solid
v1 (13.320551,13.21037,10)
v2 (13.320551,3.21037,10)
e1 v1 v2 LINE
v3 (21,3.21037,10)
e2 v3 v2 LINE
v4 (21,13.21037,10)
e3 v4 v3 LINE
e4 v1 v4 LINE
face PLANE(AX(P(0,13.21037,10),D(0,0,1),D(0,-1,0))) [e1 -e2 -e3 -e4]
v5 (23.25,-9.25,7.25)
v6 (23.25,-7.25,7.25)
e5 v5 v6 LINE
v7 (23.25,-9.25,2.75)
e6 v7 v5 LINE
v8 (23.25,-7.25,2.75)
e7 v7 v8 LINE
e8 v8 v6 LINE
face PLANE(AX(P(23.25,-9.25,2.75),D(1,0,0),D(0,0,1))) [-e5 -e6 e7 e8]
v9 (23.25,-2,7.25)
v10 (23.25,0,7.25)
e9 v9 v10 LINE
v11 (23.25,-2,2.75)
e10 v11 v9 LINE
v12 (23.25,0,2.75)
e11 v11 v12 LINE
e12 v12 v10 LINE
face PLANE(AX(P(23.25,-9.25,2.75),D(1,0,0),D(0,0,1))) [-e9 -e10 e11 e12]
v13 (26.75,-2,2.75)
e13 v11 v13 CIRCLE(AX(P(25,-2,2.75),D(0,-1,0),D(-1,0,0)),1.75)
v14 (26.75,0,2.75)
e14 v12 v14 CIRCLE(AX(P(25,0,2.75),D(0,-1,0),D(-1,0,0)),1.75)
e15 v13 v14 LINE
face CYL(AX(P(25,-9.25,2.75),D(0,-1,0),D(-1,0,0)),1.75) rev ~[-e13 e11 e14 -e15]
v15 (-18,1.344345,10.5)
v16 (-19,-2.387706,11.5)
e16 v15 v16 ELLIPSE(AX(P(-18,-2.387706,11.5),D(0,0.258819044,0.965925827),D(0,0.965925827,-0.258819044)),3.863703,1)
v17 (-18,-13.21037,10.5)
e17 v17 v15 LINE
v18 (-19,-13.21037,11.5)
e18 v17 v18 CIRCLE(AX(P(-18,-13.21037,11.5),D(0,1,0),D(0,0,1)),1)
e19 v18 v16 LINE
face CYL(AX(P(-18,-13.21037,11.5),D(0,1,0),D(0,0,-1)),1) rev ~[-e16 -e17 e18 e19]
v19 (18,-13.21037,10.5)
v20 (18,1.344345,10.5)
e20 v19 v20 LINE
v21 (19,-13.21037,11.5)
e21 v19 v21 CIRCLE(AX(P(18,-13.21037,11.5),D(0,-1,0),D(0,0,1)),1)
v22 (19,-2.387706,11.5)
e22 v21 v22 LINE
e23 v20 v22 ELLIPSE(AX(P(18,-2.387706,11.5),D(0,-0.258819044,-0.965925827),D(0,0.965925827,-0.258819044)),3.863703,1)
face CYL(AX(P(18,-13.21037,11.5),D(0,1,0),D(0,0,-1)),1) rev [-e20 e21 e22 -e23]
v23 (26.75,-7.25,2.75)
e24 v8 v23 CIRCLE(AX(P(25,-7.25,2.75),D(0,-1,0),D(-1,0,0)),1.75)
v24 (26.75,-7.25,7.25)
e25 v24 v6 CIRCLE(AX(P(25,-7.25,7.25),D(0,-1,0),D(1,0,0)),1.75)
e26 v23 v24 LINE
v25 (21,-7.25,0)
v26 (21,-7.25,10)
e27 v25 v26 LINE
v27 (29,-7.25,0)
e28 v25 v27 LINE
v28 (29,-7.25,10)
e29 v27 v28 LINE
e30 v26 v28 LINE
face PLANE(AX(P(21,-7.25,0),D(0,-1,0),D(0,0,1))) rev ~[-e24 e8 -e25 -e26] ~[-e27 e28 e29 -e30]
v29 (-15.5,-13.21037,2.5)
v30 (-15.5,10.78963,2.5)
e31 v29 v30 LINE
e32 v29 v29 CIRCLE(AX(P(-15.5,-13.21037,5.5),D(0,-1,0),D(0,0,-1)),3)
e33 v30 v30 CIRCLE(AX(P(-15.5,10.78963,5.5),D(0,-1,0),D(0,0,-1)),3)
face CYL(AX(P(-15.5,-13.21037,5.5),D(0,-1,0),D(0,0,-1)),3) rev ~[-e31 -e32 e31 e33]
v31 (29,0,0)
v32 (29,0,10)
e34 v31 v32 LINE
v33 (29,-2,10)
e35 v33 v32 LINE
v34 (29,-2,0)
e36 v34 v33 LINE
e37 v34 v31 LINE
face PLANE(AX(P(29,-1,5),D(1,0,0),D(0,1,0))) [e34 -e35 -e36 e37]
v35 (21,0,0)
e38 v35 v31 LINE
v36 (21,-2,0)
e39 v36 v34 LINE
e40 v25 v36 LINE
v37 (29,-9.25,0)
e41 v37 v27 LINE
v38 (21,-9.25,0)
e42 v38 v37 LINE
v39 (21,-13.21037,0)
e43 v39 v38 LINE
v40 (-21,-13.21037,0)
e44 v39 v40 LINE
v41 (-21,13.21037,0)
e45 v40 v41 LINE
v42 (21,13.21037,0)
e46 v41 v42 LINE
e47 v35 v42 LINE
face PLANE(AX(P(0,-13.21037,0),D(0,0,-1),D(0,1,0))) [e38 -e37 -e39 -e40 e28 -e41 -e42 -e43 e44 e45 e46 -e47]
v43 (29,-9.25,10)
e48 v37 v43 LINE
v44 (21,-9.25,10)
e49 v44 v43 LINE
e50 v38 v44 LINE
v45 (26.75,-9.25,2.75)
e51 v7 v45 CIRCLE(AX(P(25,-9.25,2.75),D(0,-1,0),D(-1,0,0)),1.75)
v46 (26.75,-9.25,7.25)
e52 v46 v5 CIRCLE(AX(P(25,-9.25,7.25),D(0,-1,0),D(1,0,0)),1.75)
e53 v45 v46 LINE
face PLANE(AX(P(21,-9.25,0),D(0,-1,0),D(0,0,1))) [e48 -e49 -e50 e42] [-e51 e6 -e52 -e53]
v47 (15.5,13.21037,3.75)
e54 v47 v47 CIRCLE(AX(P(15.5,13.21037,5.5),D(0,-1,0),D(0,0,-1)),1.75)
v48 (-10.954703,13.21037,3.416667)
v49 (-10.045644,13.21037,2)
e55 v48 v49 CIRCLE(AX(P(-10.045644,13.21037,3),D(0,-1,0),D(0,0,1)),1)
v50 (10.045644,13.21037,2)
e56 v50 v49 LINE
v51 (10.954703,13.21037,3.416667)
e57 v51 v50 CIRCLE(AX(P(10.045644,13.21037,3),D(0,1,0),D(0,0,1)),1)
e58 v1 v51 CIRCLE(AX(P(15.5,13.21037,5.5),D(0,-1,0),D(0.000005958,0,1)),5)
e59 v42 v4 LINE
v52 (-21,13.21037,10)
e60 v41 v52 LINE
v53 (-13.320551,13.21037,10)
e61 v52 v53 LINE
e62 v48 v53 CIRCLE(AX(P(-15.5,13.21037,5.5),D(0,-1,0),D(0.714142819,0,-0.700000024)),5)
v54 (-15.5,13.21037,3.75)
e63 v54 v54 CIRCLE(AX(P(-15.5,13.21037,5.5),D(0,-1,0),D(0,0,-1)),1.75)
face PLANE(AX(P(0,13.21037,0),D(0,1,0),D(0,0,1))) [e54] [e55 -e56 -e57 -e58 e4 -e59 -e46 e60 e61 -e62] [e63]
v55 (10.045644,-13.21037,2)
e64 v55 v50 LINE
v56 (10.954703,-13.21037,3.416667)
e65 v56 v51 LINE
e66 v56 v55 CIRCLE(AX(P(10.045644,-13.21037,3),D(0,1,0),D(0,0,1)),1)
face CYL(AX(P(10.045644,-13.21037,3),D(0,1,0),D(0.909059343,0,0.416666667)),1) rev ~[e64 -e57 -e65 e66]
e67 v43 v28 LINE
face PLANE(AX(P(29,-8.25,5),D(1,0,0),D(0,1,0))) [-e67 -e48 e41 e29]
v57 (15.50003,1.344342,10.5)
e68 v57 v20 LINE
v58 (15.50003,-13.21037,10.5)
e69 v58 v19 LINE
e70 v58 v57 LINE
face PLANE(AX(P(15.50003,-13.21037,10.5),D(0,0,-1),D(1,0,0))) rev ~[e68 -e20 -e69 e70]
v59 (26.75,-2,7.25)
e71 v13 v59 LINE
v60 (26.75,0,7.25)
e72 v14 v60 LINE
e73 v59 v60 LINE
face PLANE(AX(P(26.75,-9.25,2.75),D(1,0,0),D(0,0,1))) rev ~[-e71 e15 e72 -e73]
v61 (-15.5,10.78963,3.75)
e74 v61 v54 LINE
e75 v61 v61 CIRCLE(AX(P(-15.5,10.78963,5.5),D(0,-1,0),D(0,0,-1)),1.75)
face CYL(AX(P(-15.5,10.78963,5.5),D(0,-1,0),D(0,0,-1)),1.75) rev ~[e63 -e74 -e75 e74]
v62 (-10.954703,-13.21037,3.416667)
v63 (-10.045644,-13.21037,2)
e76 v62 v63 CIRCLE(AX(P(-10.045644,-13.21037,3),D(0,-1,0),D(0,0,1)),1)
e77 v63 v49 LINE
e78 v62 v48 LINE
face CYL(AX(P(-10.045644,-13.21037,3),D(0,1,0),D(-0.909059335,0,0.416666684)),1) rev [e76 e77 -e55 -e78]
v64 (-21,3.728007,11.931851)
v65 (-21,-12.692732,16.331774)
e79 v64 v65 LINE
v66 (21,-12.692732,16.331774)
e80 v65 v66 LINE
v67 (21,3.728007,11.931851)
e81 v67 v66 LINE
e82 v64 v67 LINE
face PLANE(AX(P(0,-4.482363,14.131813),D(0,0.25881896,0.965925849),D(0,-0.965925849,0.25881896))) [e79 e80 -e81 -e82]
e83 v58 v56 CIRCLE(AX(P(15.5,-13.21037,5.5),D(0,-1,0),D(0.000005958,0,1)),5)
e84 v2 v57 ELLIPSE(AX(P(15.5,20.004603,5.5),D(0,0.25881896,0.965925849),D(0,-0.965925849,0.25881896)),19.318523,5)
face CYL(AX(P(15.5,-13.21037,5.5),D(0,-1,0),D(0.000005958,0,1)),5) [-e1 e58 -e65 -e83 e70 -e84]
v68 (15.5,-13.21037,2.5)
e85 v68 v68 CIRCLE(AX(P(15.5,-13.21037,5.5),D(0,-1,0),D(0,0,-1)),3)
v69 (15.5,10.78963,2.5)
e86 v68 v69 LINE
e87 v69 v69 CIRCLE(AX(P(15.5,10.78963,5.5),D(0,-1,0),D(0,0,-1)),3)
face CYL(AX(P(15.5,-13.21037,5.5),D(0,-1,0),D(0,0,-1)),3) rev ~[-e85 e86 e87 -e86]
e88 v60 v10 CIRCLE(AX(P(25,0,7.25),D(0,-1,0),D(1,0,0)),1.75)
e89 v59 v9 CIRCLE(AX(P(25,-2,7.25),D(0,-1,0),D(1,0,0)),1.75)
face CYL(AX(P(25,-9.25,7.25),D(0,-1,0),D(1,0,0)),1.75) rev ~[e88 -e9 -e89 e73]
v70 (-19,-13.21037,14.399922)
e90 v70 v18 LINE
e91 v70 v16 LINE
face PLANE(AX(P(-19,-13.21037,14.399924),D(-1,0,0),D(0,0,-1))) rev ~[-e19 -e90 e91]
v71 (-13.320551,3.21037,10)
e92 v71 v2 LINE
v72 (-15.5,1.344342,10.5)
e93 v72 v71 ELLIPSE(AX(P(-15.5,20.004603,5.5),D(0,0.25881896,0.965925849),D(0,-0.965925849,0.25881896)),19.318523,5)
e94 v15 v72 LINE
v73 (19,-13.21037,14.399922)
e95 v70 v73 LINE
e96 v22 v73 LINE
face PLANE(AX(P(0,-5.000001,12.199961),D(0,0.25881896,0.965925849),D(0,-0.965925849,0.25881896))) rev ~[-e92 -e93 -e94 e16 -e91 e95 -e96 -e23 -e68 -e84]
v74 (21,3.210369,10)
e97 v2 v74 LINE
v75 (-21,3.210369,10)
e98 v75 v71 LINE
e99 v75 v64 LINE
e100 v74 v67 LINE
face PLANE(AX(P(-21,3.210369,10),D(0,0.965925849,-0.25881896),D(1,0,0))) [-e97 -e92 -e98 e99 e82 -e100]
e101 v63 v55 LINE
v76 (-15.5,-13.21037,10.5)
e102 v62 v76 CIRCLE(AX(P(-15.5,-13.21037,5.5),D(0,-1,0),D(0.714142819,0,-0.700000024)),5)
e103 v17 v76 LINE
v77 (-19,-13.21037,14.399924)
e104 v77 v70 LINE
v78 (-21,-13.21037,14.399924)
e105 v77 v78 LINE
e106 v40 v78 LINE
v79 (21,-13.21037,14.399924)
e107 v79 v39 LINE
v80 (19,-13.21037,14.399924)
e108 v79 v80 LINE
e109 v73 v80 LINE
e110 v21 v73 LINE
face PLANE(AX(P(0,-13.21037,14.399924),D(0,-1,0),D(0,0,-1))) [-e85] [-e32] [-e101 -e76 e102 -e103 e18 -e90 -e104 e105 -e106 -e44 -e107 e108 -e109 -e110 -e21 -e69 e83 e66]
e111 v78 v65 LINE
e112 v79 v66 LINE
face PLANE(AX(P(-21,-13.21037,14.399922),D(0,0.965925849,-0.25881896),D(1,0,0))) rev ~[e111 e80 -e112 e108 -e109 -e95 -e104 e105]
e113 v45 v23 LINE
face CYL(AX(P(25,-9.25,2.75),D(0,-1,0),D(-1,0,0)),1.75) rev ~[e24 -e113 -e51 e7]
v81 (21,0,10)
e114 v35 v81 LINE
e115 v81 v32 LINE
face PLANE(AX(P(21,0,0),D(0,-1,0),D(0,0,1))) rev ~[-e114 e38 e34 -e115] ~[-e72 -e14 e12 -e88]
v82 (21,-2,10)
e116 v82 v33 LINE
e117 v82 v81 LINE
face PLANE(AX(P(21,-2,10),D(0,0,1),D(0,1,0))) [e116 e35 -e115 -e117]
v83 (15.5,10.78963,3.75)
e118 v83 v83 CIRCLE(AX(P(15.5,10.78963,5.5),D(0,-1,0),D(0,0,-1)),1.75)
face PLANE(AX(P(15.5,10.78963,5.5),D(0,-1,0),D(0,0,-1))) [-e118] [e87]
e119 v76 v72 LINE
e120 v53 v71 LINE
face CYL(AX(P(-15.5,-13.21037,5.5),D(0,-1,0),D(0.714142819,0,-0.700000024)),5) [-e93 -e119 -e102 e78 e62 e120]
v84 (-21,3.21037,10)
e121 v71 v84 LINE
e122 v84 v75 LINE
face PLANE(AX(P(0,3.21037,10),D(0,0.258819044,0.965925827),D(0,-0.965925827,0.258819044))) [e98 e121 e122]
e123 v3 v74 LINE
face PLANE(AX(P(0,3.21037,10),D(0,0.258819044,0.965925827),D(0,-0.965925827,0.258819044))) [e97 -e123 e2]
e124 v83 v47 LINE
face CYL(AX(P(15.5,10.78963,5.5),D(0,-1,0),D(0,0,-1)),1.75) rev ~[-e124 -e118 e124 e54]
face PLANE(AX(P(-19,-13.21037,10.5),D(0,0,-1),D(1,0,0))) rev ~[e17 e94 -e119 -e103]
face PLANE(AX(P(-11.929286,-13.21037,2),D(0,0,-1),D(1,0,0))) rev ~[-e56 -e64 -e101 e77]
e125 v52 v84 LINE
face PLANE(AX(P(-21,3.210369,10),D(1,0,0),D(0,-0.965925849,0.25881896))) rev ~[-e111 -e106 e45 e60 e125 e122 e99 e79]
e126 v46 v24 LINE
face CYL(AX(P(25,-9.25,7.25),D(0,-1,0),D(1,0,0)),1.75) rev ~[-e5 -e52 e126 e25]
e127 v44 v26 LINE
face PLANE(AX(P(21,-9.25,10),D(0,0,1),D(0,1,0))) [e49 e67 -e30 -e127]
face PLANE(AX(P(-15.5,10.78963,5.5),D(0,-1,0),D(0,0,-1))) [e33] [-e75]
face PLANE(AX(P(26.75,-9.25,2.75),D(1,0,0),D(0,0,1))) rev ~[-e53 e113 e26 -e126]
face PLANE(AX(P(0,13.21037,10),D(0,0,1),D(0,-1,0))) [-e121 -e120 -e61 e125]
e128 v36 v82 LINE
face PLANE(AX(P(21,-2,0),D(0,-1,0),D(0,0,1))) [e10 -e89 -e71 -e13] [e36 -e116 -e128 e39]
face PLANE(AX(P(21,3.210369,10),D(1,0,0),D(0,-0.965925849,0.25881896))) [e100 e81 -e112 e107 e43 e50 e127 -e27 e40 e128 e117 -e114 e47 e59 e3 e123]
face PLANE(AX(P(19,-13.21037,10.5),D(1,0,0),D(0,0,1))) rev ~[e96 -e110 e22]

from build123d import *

# Parameters (mm, degrees)
PAD002_DEPTH    = 21
SKETCH005_R     = 3
POCKET002_DEPTH = 24
POCKET003_DEPTH = 26.421739
SKETCH007_R     = 1.75
POCKET004_DEPTH = 2.421739
FILLET001_R     = 1
FILLET002_R     = 1
SKETCH008_W     = 17
SKETCH008_H     = 42
PAD003_DEPTH    = 2
SKETCH013_W     = 2
SKETCH013_H     = 10
PAD006_DEPTH    = 8
POCKET007_DEPTH = 22.46137


with BuildPart() as part:
    # Sketch004 → Pad002 (new body, symmetric)
    with BuildSketch(Plane.YZ):
        Polygon((-13.21037, 0), (13.21037, 0), (13.21037, 10), (3.21037, 10), (-13.21037, 14.399924), align=None)
    extrude(amount=PAD002_DEPTH, both=True)

    # Sketch005 (on Face5 of Pad002) → Pocket002 (cut)
    with BuildSketch(Plane(origin=(0, -13.21037, 0), x_dir=(0, 0, -1), z_dir=(0, -1, 0))):
        with Locations((-5.5, -15.5)):
            Circle(SKETCH005_R)
        with Locations((-5.5, 15.5)):
            Circle(SKETCH005_R)
    extrude(amount=-POCKET002_DEPTH, mode=Mode.SUBTRACT)

    # Sketch006 (on Face2 of Pocket002) → Pocket003 (cut, through all)
    with BuildSketch(Plane(origin=(0, -13.21037, 0), x_dir=(0, 0, -1), z_dir=(0, -1, 0))):
        with BuildLine():
            Line((-2, -11.929286), (-2, 11.929286))
            ThreePointArc((-10.5, 15.50003), (-7.436506, 10.890234), (-2, 11.929286))
            Line((-10.5, 15.50003), (-10.5, 19))
            Line((-10.5, 19), (-14.399924, 19))
            Line((-14.399924, 19), (-14.399924, -19))
            Line((-14.399924, -19), (-10.5, -19))
            Line((-10.5, -19), (-10.5, -15.5))
            ThreePointArc((-2, -11.929286), (-7.436492, -10.890228), (-10.5, -15.5))
        make_face()
    extrude(amount=-POCKET003_DEPTH, mode=Mode.SUBTRACT)

    # Sketch007 (on Face21 of Pocket003) → Pocket004 (cut, through all)
    with BuildSketch(Plane(origin=(0, 10.78963, 0), x_dir=(0, 0, -1), z_dir=(0, -1, 0))):
        with Locations((-5.5, 15.5)):
            Circle(SKETCH007_R)
        with Locations((-5.5, -15.5)):
            Circle(SKETCH007_R)
    extrude(amount=-POCKET004_DEPTH, mode=Mode.SUBTRACT)

    # Fillet001
    fillet001_edges = [part.edges().sort_by_distance(p)[0] for p in [
        (-11.929286, 0, 2),
        (11.929286, 0, 2),
    ]]
    fillet(fillet001_edges, radius=FILLET001_R)

    # Fillet002
    fillet002_edges = [part.edges().sort_by_distance(p)[0] for p in [
        (-19, -5.933013, 10.5),
        (19, -5.933013, 10.5),
    ]]
    fillet(fillet002_edges, radius=FILLET002_R)

    # Sketch008 (on Face15 of Fillet002) → Pad003 (join)
    with BuildSketch(Plane(origin=(0, 2.715054, 10.132719), x_dir=(0, -0.965926, 0.258819), z_dir=(0, 0.258819, 0.965926))):
        with Locations((7.987212, 0)):
            Rectangle(SKETCH008_W, SKETCH008_H)
    extrude(amount=PAD003_DEPTH)

    # Sketch013 (on Face10 of Pad003) → Pad006 (join)
    with BuildSketch(Plane.YZ.offset(21)):
        with Locations((-8.25, 5)):
            Rectangle(SKETCH013_W, SKETCH013_H)
        with Locations((-1, 5)):
            Rectangle(SKETCH013_W, SKETCH013_H)
    extrude(amount=PAD006_DEPTH)

    # Sketch014 (on Face33 of Pad006) → Pocket007 (cut, through all)
    with BuildSketch(Plane(origin=(0, -9.25, 0), x_dir=(0, 0, -1), z_dir=(0, -1, 0))):
        with BuildLine():
            ThreePointArc((-2.75, 23.25), (-1, 25), (-2.75, 26.75))
            Line((-2.75, 26.75), (-7.25, 26.75))
            ThreePointArc((-7.25, 26.75), (-9, 25), (-7.25, 23.25))
            Line((-2.75, 23.25), (-7.25, 23.25))
        make_face()
    extrude(amount=-POCKET007_DEPTH, mode=Mode.SUBTRACT)


solid = part.part
